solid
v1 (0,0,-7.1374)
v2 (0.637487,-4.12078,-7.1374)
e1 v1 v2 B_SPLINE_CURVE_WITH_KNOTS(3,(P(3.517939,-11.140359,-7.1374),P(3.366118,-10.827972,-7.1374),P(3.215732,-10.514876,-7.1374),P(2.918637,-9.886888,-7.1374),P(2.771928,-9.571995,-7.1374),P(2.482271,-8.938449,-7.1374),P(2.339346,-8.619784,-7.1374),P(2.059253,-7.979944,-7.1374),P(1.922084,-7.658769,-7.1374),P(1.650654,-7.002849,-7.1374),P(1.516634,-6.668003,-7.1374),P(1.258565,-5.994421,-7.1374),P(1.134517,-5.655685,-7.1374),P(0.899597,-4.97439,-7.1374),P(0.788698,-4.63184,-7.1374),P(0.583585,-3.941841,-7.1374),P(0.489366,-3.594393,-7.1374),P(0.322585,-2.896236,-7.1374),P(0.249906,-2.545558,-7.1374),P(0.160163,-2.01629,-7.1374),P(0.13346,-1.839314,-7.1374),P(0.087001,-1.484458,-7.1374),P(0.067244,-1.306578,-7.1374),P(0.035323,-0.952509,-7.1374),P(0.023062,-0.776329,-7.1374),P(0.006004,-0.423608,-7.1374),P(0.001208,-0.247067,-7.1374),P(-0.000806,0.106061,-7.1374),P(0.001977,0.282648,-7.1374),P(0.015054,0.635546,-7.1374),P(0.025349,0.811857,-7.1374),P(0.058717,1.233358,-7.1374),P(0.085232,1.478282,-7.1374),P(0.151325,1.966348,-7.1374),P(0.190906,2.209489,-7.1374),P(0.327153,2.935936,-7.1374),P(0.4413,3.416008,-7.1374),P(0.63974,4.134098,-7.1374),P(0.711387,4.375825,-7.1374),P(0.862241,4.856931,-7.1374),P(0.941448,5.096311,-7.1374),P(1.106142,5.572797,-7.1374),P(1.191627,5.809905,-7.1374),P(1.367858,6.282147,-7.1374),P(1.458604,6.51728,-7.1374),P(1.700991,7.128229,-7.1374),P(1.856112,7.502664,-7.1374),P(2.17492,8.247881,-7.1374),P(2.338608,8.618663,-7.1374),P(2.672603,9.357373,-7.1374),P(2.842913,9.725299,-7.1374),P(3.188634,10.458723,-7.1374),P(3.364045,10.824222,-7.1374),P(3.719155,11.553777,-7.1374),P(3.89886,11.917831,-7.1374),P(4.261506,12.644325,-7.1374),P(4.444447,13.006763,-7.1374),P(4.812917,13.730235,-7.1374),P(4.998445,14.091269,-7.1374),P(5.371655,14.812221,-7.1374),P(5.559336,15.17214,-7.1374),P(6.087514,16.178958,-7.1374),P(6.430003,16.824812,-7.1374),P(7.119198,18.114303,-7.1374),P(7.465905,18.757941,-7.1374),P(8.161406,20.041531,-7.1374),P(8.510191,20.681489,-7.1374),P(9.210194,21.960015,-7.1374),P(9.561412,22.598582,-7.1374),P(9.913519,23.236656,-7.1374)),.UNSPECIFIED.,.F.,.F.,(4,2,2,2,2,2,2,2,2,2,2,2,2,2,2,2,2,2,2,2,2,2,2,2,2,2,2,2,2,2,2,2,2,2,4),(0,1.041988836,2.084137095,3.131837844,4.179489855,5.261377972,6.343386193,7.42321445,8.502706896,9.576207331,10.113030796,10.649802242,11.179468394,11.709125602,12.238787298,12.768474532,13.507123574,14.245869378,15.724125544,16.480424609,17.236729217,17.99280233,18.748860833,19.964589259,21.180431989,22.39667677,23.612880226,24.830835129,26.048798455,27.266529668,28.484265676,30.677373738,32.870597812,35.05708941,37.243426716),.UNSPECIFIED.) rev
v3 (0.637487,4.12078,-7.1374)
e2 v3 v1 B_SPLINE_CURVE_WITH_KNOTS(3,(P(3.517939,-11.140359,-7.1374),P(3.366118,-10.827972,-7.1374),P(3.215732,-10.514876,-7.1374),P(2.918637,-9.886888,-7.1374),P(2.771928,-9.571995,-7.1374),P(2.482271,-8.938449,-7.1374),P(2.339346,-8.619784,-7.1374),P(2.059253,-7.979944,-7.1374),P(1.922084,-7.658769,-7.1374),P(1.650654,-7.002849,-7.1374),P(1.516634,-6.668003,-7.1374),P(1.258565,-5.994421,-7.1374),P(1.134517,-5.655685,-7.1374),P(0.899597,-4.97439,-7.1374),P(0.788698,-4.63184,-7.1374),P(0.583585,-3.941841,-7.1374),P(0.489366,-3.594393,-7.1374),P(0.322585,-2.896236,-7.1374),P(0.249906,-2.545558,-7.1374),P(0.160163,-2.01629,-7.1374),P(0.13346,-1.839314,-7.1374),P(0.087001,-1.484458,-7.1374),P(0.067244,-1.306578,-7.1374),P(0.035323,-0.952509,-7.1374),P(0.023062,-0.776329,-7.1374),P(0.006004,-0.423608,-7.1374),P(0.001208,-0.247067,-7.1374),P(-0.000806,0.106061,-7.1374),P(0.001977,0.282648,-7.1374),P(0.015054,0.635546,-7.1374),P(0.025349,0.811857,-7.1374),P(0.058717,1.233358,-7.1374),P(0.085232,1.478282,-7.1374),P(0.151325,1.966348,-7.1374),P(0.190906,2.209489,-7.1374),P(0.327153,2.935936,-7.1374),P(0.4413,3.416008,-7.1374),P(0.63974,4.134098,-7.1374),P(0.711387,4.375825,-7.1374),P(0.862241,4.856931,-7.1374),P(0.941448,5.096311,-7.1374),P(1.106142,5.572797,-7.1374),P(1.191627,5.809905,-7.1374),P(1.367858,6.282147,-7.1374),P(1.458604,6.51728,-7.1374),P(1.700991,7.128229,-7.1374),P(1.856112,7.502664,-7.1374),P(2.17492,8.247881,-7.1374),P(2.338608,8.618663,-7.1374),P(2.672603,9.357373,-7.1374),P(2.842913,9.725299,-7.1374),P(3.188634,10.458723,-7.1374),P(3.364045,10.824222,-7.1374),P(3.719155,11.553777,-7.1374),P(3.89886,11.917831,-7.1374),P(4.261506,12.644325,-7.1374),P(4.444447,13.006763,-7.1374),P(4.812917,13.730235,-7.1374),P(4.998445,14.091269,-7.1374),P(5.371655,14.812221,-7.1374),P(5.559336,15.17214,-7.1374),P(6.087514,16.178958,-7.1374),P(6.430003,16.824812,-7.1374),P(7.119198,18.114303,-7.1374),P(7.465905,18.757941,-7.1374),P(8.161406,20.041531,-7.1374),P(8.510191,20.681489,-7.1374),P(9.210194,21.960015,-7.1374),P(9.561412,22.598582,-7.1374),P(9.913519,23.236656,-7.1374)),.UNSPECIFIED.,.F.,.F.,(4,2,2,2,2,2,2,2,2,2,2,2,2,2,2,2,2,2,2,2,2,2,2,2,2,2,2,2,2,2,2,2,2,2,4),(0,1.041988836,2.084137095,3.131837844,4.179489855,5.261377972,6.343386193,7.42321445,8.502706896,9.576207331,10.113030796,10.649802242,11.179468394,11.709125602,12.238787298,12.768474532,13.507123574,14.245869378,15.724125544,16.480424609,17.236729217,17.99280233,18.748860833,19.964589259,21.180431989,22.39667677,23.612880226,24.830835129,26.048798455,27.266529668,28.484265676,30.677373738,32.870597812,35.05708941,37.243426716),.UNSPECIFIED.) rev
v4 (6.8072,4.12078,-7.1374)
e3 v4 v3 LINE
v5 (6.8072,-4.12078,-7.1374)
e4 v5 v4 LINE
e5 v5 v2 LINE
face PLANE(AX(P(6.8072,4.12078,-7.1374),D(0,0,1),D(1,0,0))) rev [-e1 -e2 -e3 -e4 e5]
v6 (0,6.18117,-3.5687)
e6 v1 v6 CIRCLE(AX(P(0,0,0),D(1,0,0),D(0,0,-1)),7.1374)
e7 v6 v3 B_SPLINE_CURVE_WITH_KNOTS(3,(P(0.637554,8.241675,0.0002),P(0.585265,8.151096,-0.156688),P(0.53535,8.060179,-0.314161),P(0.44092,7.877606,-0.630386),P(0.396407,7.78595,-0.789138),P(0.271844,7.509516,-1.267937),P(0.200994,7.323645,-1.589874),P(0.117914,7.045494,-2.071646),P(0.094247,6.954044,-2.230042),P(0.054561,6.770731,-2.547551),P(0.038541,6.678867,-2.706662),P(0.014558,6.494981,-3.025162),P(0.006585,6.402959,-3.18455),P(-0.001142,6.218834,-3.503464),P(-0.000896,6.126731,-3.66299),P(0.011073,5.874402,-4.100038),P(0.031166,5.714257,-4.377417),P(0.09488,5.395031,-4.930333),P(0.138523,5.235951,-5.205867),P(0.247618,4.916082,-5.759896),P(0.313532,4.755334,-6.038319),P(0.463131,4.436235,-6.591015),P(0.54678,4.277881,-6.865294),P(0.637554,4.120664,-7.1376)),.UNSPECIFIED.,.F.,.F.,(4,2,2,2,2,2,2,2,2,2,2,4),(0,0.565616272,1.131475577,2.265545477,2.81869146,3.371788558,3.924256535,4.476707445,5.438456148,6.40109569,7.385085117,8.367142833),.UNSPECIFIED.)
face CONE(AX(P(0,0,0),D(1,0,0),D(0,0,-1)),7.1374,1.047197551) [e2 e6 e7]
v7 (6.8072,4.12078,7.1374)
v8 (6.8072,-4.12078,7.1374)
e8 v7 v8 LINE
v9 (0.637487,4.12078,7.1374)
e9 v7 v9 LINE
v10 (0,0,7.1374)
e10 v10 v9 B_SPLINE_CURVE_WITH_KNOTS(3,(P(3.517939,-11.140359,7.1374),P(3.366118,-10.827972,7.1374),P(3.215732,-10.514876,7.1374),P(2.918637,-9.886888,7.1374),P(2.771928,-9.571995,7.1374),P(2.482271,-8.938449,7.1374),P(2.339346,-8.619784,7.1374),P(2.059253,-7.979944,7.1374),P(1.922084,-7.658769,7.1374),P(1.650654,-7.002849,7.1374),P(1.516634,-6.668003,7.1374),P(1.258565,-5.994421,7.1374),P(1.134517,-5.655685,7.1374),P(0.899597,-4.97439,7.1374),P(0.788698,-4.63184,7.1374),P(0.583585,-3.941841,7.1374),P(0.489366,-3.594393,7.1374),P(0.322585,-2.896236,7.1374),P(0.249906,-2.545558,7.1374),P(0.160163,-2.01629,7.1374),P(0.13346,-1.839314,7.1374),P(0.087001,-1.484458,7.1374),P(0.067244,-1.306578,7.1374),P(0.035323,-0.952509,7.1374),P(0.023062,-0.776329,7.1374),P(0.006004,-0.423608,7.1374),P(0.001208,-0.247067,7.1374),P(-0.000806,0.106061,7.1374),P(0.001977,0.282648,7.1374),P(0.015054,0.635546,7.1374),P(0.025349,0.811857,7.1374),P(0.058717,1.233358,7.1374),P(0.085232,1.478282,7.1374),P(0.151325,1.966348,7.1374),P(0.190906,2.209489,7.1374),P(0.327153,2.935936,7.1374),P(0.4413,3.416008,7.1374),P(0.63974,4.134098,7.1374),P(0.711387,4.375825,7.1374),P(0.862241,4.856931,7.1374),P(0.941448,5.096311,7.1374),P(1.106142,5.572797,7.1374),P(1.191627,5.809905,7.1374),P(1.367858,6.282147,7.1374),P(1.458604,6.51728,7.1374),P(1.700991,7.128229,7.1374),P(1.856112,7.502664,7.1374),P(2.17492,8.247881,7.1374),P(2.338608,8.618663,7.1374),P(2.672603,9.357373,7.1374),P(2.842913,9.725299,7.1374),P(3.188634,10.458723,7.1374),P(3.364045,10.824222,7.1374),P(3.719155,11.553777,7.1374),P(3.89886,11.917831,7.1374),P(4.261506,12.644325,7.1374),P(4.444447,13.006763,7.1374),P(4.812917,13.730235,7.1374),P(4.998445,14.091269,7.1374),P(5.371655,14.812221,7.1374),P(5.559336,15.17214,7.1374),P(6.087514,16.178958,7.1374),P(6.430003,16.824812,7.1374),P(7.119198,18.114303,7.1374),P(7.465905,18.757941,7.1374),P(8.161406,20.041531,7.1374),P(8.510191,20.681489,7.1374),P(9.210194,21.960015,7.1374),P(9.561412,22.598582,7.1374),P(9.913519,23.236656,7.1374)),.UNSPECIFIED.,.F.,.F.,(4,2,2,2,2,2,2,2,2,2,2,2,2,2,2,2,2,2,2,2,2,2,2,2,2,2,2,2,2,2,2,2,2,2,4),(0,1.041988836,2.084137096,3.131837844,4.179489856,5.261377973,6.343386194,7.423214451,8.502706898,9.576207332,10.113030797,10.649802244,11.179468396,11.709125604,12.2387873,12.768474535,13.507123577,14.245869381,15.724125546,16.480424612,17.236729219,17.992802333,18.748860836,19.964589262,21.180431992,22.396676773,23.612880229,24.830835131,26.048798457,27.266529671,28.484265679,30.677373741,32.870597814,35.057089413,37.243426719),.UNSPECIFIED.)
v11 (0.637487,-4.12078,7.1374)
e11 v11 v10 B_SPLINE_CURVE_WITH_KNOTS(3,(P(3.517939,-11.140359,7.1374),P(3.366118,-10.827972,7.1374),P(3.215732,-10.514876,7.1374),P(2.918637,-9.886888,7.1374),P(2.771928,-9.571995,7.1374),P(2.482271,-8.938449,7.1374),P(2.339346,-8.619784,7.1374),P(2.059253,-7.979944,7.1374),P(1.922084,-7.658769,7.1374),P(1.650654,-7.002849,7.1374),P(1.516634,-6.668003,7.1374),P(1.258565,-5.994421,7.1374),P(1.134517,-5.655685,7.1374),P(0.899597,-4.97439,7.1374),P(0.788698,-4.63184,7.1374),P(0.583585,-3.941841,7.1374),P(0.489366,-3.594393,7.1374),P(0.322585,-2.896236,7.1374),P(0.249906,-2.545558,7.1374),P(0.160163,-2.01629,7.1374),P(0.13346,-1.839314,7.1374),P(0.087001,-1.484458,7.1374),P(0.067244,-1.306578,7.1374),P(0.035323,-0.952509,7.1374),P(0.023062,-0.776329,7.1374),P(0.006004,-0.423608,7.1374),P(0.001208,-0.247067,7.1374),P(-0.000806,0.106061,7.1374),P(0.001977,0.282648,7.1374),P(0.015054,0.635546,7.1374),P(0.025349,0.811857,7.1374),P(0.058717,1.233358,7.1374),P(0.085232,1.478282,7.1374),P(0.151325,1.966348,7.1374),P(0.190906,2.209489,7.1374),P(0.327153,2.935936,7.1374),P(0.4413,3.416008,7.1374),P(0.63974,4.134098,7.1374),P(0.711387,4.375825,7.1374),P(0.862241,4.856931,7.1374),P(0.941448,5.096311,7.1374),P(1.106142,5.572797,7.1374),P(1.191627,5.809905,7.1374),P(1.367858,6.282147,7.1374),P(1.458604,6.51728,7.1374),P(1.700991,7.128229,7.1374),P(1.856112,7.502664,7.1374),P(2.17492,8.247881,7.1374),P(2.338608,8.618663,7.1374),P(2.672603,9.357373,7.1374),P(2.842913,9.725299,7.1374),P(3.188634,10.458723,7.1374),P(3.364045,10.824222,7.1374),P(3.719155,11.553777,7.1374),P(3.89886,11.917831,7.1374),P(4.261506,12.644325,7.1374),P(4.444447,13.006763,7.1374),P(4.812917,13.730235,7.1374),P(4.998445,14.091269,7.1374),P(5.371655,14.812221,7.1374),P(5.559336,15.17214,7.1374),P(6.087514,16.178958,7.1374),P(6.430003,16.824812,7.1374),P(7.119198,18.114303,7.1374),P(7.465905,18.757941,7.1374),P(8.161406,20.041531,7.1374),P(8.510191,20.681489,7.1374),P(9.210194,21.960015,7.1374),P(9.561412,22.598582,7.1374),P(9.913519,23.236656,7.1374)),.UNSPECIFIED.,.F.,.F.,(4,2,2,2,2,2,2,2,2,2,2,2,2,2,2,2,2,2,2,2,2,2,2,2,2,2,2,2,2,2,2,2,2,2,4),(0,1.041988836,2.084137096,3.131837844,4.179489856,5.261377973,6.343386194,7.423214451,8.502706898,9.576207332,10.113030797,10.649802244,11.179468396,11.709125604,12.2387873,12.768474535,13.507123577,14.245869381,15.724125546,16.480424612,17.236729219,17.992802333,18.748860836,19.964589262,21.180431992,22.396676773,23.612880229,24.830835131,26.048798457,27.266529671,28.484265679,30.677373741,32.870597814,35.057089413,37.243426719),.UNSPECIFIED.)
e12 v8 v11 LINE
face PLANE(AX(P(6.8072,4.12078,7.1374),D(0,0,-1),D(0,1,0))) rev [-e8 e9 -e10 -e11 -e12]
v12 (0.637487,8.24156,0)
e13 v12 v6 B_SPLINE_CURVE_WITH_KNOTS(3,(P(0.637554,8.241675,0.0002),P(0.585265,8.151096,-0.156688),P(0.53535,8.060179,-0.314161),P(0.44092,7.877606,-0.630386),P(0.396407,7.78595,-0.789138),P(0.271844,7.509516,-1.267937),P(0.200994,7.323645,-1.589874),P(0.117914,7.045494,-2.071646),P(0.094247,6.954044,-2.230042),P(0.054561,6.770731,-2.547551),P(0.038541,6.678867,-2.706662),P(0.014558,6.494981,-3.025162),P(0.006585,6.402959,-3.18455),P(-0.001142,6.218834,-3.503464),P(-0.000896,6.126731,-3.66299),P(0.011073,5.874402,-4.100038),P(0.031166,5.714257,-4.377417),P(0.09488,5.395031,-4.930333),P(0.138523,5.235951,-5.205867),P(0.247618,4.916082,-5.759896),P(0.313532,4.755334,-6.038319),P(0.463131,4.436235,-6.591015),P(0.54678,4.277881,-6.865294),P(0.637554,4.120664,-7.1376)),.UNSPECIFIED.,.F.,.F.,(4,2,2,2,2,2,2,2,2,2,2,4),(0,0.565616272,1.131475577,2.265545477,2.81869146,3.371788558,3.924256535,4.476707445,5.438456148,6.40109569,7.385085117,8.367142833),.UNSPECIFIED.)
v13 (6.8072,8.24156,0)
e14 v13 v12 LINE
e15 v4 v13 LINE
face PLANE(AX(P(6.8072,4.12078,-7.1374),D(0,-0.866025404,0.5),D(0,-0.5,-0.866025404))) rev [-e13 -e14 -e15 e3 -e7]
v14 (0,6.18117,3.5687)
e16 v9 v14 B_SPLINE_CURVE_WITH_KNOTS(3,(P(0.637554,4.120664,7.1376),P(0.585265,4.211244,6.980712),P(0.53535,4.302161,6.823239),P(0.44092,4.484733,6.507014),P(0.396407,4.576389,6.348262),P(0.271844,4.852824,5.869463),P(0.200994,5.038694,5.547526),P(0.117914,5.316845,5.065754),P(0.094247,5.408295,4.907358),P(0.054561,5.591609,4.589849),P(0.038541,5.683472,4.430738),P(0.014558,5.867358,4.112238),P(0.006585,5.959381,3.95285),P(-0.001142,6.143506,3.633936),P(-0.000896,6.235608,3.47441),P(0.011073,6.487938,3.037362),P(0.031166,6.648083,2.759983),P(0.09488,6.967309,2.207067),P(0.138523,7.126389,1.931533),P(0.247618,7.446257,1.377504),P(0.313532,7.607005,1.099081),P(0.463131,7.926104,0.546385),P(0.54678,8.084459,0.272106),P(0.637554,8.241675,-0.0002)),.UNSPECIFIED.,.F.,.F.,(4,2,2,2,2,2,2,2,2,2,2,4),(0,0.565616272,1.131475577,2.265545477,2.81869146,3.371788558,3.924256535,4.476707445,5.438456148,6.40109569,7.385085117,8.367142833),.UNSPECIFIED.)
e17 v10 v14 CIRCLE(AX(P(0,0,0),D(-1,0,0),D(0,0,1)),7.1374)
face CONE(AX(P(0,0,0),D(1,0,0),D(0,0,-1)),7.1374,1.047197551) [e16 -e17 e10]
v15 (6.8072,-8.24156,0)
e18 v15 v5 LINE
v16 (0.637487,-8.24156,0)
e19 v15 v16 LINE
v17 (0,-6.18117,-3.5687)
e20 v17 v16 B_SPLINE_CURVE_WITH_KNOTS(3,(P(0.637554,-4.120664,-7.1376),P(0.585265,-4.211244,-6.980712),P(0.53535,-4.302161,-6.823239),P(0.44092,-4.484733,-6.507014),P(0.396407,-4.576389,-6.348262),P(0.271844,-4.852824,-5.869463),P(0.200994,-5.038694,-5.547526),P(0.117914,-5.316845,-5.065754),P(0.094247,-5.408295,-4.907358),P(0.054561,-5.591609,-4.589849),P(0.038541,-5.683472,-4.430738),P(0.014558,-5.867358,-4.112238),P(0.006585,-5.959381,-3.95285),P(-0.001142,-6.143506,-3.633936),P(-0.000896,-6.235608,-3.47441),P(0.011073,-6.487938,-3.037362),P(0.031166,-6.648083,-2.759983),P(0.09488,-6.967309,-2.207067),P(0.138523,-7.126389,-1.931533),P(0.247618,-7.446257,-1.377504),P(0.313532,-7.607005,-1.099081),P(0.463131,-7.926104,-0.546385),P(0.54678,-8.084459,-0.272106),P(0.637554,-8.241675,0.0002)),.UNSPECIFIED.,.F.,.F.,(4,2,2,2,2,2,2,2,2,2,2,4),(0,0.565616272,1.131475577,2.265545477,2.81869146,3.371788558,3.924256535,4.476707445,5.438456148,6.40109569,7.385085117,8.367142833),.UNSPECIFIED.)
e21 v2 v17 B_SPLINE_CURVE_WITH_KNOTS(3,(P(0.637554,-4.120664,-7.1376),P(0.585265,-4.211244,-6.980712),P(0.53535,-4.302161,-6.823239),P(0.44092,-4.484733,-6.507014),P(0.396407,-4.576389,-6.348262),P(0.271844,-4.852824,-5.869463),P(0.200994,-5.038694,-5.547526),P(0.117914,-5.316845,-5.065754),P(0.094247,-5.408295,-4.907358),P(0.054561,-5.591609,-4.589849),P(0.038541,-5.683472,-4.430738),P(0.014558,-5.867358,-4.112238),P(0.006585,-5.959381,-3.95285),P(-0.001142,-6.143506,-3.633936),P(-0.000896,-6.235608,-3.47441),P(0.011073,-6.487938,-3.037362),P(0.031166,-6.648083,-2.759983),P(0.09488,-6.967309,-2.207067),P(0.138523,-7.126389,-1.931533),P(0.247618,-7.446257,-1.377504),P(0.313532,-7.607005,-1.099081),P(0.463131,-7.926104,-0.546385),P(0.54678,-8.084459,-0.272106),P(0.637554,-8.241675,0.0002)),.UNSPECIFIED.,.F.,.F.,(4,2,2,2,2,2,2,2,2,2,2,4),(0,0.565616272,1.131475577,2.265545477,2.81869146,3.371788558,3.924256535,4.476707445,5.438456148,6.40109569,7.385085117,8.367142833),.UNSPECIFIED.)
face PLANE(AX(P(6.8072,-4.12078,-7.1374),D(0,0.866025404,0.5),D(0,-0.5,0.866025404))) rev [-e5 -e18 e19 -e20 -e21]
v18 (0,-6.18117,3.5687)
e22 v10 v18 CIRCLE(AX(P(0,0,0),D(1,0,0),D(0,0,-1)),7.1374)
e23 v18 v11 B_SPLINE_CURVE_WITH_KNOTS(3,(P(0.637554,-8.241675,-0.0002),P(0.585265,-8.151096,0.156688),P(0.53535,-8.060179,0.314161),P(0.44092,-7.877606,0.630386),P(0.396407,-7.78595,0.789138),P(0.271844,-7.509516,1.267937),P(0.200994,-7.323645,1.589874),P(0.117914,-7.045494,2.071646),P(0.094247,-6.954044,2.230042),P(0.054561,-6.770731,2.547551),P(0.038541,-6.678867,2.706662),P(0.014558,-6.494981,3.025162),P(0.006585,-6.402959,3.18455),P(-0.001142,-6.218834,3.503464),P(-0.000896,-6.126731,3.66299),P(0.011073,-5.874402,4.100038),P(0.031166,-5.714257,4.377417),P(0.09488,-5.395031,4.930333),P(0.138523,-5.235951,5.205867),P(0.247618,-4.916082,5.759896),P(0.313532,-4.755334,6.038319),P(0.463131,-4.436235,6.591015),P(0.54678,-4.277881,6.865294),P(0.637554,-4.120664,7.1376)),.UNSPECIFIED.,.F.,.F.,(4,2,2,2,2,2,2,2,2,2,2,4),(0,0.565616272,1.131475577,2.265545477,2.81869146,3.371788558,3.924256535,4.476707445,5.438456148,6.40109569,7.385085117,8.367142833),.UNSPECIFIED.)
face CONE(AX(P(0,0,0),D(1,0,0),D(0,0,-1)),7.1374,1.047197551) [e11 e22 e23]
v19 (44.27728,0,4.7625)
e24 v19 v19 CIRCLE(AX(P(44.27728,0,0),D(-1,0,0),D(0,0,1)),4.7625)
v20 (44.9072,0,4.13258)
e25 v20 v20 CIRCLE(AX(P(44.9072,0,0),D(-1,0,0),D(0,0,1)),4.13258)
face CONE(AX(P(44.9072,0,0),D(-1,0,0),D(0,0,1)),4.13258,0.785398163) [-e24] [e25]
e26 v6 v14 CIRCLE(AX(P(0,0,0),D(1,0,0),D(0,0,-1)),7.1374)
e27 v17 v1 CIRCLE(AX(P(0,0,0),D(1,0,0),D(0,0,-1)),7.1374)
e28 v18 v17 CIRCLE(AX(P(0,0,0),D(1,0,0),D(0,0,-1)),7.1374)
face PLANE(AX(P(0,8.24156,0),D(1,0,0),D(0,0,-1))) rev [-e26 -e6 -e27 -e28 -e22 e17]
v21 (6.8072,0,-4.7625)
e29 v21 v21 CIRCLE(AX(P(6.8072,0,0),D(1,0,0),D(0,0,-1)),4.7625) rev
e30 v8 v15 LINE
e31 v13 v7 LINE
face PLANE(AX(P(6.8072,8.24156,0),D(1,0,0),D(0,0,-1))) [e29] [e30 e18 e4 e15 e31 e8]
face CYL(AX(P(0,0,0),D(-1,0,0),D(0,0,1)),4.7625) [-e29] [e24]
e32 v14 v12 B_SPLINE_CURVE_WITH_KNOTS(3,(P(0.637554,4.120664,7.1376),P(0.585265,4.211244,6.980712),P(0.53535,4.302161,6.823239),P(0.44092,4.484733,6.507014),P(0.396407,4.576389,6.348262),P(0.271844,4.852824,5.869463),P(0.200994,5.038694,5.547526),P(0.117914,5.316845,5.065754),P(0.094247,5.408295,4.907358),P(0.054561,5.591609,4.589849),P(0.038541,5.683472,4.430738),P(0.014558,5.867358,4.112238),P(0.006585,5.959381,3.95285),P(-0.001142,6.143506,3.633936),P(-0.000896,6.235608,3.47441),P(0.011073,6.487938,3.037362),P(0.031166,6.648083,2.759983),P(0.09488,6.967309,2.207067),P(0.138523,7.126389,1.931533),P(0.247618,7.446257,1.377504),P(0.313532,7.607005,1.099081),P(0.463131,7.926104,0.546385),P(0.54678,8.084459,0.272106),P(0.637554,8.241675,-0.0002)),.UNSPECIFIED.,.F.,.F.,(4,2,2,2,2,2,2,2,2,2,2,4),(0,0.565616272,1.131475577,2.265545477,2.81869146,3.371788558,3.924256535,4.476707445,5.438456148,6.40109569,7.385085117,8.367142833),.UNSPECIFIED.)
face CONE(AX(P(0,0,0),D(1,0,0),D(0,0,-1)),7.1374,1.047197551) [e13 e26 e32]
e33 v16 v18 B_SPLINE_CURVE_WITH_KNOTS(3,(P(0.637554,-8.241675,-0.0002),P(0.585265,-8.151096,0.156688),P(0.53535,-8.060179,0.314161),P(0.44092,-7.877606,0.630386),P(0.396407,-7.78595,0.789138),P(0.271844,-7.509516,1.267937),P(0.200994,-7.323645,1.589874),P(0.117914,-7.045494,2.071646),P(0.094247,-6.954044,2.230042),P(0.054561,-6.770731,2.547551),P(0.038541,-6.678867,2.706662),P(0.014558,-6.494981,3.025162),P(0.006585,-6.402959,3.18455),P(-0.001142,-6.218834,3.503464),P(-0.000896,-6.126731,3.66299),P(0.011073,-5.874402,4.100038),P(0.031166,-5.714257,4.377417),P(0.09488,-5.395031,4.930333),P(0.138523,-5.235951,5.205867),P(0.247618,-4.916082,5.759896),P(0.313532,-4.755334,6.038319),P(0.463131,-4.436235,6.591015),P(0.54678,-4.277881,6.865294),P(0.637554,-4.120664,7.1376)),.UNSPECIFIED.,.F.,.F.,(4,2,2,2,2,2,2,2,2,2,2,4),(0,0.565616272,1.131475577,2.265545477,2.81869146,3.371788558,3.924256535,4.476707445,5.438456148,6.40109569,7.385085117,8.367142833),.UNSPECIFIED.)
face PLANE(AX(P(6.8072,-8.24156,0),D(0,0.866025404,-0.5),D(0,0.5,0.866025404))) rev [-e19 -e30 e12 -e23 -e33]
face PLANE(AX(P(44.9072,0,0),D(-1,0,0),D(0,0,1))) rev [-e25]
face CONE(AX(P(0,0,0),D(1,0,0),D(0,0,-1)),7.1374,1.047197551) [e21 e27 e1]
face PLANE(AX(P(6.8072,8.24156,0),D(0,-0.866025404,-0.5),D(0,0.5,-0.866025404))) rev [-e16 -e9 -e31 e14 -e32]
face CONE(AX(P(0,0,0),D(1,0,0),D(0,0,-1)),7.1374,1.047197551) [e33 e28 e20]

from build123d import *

# Parameters (mm, degrees)
BASEHEAD_DEPTH = 6.8072


with BuildPart() as part:
    # Sketch1 → BaseHead (new body)
    with BuildSketch(Plane(origin=(0, 0, 0), x_dir=(0, 0, -1), z_dir=(1, 0, 0))):
        Polygon((7.1374, 4.120779811), (7.1374, -4.120779811), (0, -8.241559623), (-7.1374, -4.120779811), (-7.1374, 4.120779811), (0, 8.241559623), align=None)
    extrude(amount=BASEHEAD_DEPTH)

    # BodySke → BaseBody (revolve)
    with BuildSketch(Plane.XY):
        Polygon((0, 0), (44.9072, 0), (44.9072, 4.13258), (44.27728, 4.7625), (0, 4.7625), align=None)
    revolve(axis=Axis((0, 0, 0), (1, 0, 0)))

    # Sketch3 → HeadChamfer (revolve, cut)
    with BuildSketch(Plane.XY):
        Polygon((0, 7.1374), (4.303661065, 14.591559623), (4.303661065, 20.941559623), (-12.7, 20.941559623), (-12.7, 7.1374), align=None)
    revolve(axis=Axis((0, 0, 0), (1, 0, 0)), mode=Mode.SUBTRACT)


solid = part.part
